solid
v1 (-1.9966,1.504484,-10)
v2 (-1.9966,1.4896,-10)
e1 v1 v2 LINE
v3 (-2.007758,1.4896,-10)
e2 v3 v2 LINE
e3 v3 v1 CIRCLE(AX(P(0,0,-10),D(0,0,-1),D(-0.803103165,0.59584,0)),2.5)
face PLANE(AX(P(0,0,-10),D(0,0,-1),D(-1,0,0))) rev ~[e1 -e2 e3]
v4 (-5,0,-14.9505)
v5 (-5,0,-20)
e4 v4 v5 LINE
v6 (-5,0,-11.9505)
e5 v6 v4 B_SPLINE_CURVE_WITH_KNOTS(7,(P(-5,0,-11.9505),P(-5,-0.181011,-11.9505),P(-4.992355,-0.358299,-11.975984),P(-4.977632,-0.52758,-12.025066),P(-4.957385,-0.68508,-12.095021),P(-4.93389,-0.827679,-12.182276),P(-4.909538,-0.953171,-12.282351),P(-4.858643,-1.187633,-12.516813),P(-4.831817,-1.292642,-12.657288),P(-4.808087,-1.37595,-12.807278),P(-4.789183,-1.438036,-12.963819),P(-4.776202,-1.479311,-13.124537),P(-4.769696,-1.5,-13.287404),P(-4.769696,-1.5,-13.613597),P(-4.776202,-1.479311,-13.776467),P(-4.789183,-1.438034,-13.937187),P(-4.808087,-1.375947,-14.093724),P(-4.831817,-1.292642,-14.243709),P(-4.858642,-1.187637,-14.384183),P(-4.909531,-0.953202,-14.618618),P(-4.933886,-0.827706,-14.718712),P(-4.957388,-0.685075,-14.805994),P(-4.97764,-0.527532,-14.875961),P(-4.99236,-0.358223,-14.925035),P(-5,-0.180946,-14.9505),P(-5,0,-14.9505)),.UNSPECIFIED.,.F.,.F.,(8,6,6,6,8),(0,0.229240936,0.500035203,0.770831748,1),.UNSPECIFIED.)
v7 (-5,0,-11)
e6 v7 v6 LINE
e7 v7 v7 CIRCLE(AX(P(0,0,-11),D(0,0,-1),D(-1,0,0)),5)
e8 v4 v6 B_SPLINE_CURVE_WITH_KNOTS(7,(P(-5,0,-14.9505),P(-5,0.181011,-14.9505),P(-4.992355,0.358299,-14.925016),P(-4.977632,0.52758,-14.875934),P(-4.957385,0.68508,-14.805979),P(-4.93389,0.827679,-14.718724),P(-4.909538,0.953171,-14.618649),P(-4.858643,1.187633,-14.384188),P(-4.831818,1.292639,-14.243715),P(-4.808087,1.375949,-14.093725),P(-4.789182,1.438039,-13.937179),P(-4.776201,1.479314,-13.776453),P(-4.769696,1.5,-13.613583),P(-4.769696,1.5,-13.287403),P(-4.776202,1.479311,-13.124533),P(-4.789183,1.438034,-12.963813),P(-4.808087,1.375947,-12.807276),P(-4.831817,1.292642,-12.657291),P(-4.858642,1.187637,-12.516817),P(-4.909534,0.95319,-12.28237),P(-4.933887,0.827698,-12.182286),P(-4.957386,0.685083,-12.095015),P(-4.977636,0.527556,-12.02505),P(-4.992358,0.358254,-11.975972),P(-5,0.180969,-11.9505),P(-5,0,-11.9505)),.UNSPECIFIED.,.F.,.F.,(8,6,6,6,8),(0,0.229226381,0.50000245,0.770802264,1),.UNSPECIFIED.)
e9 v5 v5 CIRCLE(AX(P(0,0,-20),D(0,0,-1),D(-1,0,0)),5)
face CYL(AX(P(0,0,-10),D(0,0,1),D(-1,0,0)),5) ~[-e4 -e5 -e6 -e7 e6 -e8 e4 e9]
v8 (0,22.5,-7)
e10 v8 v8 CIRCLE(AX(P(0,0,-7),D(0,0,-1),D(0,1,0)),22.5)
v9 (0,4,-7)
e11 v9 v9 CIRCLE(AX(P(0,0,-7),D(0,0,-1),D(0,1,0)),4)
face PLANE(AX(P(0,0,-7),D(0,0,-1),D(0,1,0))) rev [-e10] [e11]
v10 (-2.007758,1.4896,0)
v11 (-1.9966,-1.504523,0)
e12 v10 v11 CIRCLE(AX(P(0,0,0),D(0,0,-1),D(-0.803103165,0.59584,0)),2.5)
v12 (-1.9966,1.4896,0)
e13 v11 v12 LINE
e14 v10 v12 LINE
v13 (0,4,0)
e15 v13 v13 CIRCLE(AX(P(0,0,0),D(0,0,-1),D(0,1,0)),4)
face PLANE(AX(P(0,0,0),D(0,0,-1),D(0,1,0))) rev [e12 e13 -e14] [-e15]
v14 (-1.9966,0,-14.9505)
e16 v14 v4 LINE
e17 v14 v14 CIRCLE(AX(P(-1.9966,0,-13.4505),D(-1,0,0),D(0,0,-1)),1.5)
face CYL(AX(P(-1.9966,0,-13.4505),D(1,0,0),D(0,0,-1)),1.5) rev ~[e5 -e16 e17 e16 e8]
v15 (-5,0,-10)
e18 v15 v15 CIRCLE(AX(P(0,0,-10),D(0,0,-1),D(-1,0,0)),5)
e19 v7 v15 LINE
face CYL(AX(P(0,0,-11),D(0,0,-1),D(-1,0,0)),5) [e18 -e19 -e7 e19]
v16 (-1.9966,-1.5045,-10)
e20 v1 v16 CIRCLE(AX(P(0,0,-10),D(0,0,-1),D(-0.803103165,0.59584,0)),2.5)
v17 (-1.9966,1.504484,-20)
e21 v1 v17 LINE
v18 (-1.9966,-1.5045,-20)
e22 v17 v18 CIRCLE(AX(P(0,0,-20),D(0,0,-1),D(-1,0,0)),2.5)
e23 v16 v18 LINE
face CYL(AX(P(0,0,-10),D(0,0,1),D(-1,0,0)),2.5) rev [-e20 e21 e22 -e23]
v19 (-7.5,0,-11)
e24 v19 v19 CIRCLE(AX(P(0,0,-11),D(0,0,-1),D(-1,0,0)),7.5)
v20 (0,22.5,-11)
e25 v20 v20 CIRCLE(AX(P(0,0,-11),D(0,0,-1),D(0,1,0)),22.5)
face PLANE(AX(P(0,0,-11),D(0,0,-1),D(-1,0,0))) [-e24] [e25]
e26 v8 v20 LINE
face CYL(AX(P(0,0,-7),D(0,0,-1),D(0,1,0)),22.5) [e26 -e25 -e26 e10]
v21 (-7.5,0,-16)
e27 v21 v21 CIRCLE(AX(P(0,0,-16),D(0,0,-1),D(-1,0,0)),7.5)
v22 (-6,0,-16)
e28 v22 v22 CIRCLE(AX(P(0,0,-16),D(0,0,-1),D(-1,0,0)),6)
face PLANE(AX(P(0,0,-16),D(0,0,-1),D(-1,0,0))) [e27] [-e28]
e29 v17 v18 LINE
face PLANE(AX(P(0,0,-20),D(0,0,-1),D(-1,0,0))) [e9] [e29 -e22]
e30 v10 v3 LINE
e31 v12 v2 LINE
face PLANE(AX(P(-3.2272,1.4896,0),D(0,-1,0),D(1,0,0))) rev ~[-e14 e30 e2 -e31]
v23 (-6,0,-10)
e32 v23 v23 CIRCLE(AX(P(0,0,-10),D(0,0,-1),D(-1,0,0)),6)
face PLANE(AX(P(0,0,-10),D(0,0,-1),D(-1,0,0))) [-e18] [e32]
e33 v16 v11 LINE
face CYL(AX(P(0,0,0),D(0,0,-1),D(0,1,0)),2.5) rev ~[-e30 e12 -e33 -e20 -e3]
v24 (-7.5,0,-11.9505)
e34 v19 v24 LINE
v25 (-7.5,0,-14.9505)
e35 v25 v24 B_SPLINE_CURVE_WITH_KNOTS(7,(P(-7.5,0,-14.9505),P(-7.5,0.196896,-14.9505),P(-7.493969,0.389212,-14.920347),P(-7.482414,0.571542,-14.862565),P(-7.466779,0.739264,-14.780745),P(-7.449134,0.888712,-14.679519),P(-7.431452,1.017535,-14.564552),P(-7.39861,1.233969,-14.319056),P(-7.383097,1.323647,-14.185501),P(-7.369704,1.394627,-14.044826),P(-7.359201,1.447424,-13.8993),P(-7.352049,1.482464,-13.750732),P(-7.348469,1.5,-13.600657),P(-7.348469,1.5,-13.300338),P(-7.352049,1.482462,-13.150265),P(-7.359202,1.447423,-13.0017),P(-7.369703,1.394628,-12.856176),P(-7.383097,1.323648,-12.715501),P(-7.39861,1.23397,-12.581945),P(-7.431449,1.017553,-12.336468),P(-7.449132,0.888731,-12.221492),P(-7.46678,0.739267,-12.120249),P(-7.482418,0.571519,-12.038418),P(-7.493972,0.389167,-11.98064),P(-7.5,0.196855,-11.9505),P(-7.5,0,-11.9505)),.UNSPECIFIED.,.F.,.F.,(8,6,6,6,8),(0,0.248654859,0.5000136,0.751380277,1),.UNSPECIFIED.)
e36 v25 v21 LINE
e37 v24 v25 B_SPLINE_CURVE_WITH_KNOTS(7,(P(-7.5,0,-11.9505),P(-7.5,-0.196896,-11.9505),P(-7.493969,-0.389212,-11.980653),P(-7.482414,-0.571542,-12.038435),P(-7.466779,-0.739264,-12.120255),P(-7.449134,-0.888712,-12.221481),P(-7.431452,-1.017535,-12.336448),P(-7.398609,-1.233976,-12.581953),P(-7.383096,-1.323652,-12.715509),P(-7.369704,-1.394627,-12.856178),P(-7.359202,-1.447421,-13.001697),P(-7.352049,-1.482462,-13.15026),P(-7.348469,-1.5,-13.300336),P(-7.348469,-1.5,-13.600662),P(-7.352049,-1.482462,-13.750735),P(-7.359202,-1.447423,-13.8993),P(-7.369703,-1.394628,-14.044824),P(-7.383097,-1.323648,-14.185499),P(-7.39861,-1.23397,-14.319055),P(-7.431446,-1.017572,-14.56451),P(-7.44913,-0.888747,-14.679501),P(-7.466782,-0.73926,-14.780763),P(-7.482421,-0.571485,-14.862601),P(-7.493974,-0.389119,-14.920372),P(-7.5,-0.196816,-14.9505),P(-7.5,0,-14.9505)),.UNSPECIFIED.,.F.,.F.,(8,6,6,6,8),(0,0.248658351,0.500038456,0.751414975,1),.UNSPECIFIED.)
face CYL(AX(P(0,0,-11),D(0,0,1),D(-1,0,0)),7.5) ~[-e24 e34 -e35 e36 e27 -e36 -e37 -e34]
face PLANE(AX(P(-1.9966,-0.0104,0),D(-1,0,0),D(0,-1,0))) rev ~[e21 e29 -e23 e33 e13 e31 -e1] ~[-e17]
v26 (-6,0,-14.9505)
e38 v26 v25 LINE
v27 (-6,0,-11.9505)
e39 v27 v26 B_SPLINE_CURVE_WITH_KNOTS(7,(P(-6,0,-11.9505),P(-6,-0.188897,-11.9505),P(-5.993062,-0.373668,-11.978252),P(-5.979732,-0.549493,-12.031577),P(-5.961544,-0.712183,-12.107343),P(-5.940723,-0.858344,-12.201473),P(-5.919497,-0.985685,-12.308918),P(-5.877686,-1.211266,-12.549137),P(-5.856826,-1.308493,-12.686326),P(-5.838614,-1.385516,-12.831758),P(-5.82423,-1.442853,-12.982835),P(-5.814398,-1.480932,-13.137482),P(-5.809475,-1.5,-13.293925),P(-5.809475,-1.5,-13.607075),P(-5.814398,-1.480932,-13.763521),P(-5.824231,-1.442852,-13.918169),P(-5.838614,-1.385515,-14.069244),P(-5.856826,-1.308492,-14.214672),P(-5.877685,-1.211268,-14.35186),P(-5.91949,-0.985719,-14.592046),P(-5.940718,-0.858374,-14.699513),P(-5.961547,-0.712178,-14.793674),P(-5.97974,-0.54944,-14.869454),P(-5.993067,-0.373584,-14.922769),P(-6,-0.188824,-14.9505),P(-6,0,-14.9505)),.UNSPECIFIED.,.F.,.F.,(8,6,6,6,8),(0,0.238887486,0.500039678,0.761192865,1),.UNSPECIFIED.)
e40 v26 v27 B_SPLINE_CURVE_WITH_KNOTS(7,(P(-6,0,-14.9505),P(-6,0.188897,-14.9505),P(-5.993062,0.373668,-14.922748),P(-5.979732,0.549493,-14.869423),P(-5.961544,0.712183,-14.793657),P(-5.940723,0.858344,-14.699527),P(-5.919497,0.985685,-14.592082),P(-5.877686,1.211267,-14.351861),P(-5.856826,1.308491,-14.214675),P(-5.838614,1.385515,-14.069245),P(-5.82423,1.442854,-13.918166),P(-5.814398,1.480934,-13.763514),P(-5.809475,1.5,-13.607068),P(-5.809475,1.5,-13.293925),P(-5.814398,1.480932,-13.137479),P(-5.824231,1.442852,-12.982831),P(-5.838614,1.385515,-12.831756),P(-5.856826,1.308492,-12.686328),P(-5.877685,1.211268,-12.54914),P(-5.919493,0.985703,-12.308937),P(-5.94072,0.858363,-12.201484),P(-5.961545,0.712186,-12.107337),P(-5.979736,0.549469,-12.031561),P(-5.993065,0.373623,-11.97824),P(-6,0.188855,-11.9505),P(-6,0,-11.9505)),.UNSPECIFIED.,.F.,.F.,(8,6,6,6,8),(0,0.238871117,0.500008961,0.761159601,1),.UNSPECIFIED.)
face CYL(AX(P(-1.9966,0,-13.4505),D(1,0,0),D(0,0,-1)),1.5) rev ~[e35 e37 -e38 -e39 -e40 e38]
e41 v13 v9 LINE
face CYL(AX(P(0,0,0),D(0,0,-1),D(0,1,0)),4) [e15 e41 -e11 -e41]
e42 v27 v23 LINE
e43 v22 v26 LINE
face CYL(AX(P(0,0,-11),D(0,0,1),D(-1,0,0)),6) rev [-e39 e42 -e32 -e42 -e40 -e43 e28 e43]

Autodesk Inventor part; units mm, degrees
ref_plane "YZ Plane" through (0, 0, 0) normal (1, 0, 0) x (0, 1, 0)
ref_plane "XZ Plane" through (0, 0, 0) normal (0, 1, 0) x (-1, 0, 0)
ref_plane "XY Plane" through (0, 0, 0) normal (0, 0, 1) x (1, 0, 0)
sketch "Sketch1" plane through (0, 0, 0) normal (1, 0, 0) x (0, 1, 0)
  line L0 (0, 0) -> (2.5, 0)
  line L1 (0, 0) -> (4, 0)
  line L2 (2.5, 0) -> (2.5, -7)
  line L3 (2.5, -7) -> (0, -7)
  line L4 (0, -7) -> (20, -7)
  line L5 (4, 0) -> (4, -7)
  line L6 (2.5, -7) -> (2.5, -41)
  line L7 (20, -7) -> (20, -11)
  line L8 (20, -11) -> (2.5, -11)
  line L9 (20, -7) -> (22.5, -7)
  line L10 (22.5, -7) -> (22.5, -11)
  line L11 (22.5, -11) -> (20, -11)
  line L12 (20, -11) -> (20, -7)
  line L13 (20, -7) -> (20, -11)
  line L14 (4, 0) -> (2.5, 0)
  line L15 (2.5, 0) -> (2.5, -11)
  line L16 (2.5, -11) -> (4, -11)
  line L17 (4, -11) -> (4, 0)
  line L18 (2.5, -11) -> (22.5, -11)
  line L19 (22.5, -11) -> (22.5, -7)
  line L20 (22.5, -7) -> (2.5, -7)
  line L21 (2.5, -7) -> (2.5, -11)
  line L22 (2.5, -11) -> (6.5, -11)
  line L23 (0, -7) -> (0, -105.9451)
  line L24 (2.5, -41) -> (25, -41)
  line L25 (0, -82) -> (2.5, -82)
  line L26 (0, -82) -> (4, -82)
  line L27 (2.5, -82) -> (2.5, -75)
  line L28 (2.5, -75) -> (0, -75)
  line L29 (0, -75) -> (20, -75)
  line L30 (4, -82) -> (4, -75)
  line L31 (20, -75) -> (20, -71)
  line L32 (20, -71) -> (2.5, -71)
  line L33 (20, -75) -> (22.5, -75)
  line L34 (22.5, -75) -> (22.5, -71)
  line L35 (22.5, -71) -> (20, -71)
  line L36 (20, -71) -> (20, -75)
  line L37 (20, -75) -> (20, -71)
  line L38 (4, -82) -> (2.5, -82)
  line L39 (2.5, -82) -> (2.5, -71)
  line L40 (2.5, -71) -> (4, -71)
  line L41 (4, -71) -> (4, -82)
  line L42 (2.5, -71) -> (22.5, -71)
  line L43 (22.5, -71) -> (22.5, -75)
  line L44 (22.5, -75) -> (2.5, -75)
  line L45 (2.5, -75) -> (2.5, -71)
  line L46 (2.5, -71) -> (6.5, -71)
  line L47 (2.5, -11) -> (6.5, -11)
  line L48 (6.5, -11) -> (6.5, -71)
  line L49 (6.5, -71) -> (2.5, -71)
  line L50 (2.5, -71) -> (2.5, -11)
  line L51 (6.5, -11) -> (9.5, -11)
  line L52 (9.5, -11) -> (9.5, -14)
  line L53 (9.5, -14) -> (6.5, -14)
  line L54 (6.5, -14) -> (6.5, -11)
  line L55 (6.5, -71) -> (9.5, -71)
  line L56 (9.5, -71) -> (9.5, -68)
  line L57 (9.5, -68) -> (6.5, -68)
  line L58 (6.5, -68) -> (6.5, -71)
  dimension "d1" = 2.5
  dimension "d2" = 4
  dimension "d3" = 7
  dimension "d4" = 20
  dimension "d5" = 34
  dimension "d9" = 4
  dimension "d12" = 2.5
  dimension "d13" = 4
  dimension "d55" = 22.5
  dimension "d56" = 4
  dimension "d80" = 3
  dimension "d81" = 3
  dimension "d82" = 3
  dimension "d83" = 3
revolve "Revolution2" add sketch "Sketch1" angle 360 about axis through (0, 0, -7) along (0, 0, -1) contours L1 L5 L4 L2 | L4 L17 L8 L6 | L4 L7 L8 L17 | L8 L48 L24 L6 | L9 L10 L11 L7 | L24 L48 L32 L50 | L8 L52 L53 L48 | L29 L30 L26 L27 | L39 L32 L41 L29 | L41 L32 L31 L29 | L57 L56 L32 L48 | L31 L35 L34 L33
sketch "Sketch6" plane through (0, 0, 0) normal (0, 1, 0) x (-1, 0, 0)
  line L0 (-2.5, -82) -> (2.5, -82) projected
  line L1 (0, -82) -> (0, -62)
  line L2 (0, -82) -> (20, -82) construction
  line L3 (0, -65) -> (15, -65) construction
  line L4 (0, -59) -> (15, -59) construction
  line L5 (10.6066, -48.3934) -> (10.6066, -54.3934)
  line L6 (0, -65) -> (0, -59)
  line L7 (0, -62) -> (0, -59.5)
  line L8 (0, -59.5) -> (10.6066, -48.8934)
  line L9 (10.6066, -48.8934) -> (10.6066, -53.8934)
  line L10 (10.6066, -53.8934) -> (0, -64.5)
  line L11 (0, -59.5) -> (0, -64.5)
  point P0 (0, 0)
  dimension "d64" = 20
  dimension "d65" = 90
  dimension "d69" = 15
  dimension "d71" = 15
  dimension "d75" = 2.5
  dimension "d76" = 5
extrude "Extrusion6" cut sketch "Sketch6" along normal mid plane 5
sketch "Sketch7" plane through (0, 0, 0) normal (0, 0, 1) x (1, 0, 0)
  arc A0 (-1.9966, -1.5104) -> (-1.9966, 1.4896) centre (0.0034, -0.0104) ccw
  line L0 (-1.9966, -0.0104) -> (-1.9966, 1.4896)
  line L1 (-1.9966, -0.0104) -> (-1.9966, -1.5104)
  line L2 (-1.9966, 1.4896) -> (-1.9966, -2.007)
  line L3 (-1.9966, -2.007) -> (-3.9862, -2.007)
  line L4 (-3.9862, -2.007) -> (-3.9862, 1.4896)
  line L5 (-3.9862, 1.4896) -> (-1.9966, 1.4896)
  line L6 (-1.9966, -1.5104) -> (-3.2272, -1.5104)
  line L7 (-3.2272, -1.5104) -> (-3.2272, 1.4896)
  line L8 (-3.2272, 1.4896) -> (-1.9966, 1.4896)
  line L9 (-1.9966, 1.4896) -> (-1.9966, -1.5104)
  point P0 (0, 0)
  point P1 (0, 0)
  dimension "d77" = 5
extrude "Extrusion7" add sketch "Sketch7" against normal blind 26 contours L6 L7 L5 L0 L1
sketch "Sketch8" plane through (0, 0, -14) normal (0, 0, -1) x (-1, 0, 0)
  circle A0 centre (0, 0) radius 6.5
  dimension "d84" = 13
extrude "Extrusion8" cut sketch "Sketch8" against normal blind 4
sketch "Sketch9" plane through (0, 0, -14) normal (0, 0, -1) x (-1, 0, 0)
  circle A0 centre (0, 0) radius 22.5
extrude "Extrusion9" cut sketch "Sketch9" along normal blind 400
sketch "Sketch10" plane through (0, 0, -14) normal (0, 0, -1) x (-1, 0, 0)
  circle A0 centre (0, 0) radius 9.5
  circle A1 centre (0, 0) radius 6.5
extrude "Extrusion10" cut sketch "Sketch10" against normal blind 5
sketch "Sketch11" plane through (0, 0, -10) normal (0, 0, -1) x (-1, 0, 0)
  circle A0 centre (0, 0) radius 5
  circle A1 centre (0, 0) radius 4 projected
  circle A2 centre (0, 0) radius 2.5
  arc A3 (2.0077, 1.4896) -> (1.9966, -1.5045) centre (0, 0) ccw projected
  line L0 (1.9966, -1.5045) -> (3.0554, -1.5045)
  line L1 (3.0554, -1.5045) -> (3.0554, 1.7409)
  line L2 (3.0554, 1.7409) -> (1.9966, 1.7409)
  line L3 (1.9966, 1.7409) -> (1.9966, -1.5045)
  dimension "d91" = 10
  dimension "d92" = 5
extrude "Extrusion11" add sketch "Sketch11" along normal blind 10 contours A0 | A1 | A2 L3 | A2 L3 L2 L1 L0 picked at (2.0884, -0.3478)
sketch "Sketch12" plane through (0, 0, -9) normal (0, 0, -1) x (-1, 0, 0)
  circle A0 centre (0, 0) radius 5
  circle A1 centre (0, 0) radius 9.5
extrude "Extrusion12" add sketch "Sketch12" along normal blind 2
sketch "Sketch13" plane through (0, 0, -11) normal (0, 0, -1) x (-1, 0, 0)
  circle A0 centre (0, 0) radius 5
  circle A1 centre (0, 0) radius 6
  dimension "d97" = 12
extrude "Extrusion13" cut sketch "Sketch13" against normal blind 1
sketch "Sketch14" plane through (0, 0, -11) normal (0, 0, -1) x (-1, 0, 0)
  circle A0 centre (0, 0) radius 5 projected
  circle A1 centre (0, 0) radius 6
  circle A2 centre (0, 0) radius 7.5
  dimension "d100" = 15
extrude "Extrusion14" add sketch "Sketch14" along normal blind 5 contours A2
sketch "Sketch15" plane through (-1.9966, -1.5045, 0) normal (1, 0, 0) x (0, 0, -1)
  line L0 (20, 0) -> (20, 3.009) projected
  line L1 (20, 1.5045) -> (0, 1.5045)
  line L2 (20, 1.5045) -> (17.5, 1.5045)
  line L3 (15.9505, 1.5045) -> (13.4505, 1.5045)
  circle A0 centre (13.4505, 1.5045) radius 1.5
  dimension "d103" = 2.5
  dimension "d104" = 2.5
  dimension "d105" = 3
extrude "Extrusion15" cut sketch "Sketch15" against normal blind 20
properties part number "Spool_revB2"
